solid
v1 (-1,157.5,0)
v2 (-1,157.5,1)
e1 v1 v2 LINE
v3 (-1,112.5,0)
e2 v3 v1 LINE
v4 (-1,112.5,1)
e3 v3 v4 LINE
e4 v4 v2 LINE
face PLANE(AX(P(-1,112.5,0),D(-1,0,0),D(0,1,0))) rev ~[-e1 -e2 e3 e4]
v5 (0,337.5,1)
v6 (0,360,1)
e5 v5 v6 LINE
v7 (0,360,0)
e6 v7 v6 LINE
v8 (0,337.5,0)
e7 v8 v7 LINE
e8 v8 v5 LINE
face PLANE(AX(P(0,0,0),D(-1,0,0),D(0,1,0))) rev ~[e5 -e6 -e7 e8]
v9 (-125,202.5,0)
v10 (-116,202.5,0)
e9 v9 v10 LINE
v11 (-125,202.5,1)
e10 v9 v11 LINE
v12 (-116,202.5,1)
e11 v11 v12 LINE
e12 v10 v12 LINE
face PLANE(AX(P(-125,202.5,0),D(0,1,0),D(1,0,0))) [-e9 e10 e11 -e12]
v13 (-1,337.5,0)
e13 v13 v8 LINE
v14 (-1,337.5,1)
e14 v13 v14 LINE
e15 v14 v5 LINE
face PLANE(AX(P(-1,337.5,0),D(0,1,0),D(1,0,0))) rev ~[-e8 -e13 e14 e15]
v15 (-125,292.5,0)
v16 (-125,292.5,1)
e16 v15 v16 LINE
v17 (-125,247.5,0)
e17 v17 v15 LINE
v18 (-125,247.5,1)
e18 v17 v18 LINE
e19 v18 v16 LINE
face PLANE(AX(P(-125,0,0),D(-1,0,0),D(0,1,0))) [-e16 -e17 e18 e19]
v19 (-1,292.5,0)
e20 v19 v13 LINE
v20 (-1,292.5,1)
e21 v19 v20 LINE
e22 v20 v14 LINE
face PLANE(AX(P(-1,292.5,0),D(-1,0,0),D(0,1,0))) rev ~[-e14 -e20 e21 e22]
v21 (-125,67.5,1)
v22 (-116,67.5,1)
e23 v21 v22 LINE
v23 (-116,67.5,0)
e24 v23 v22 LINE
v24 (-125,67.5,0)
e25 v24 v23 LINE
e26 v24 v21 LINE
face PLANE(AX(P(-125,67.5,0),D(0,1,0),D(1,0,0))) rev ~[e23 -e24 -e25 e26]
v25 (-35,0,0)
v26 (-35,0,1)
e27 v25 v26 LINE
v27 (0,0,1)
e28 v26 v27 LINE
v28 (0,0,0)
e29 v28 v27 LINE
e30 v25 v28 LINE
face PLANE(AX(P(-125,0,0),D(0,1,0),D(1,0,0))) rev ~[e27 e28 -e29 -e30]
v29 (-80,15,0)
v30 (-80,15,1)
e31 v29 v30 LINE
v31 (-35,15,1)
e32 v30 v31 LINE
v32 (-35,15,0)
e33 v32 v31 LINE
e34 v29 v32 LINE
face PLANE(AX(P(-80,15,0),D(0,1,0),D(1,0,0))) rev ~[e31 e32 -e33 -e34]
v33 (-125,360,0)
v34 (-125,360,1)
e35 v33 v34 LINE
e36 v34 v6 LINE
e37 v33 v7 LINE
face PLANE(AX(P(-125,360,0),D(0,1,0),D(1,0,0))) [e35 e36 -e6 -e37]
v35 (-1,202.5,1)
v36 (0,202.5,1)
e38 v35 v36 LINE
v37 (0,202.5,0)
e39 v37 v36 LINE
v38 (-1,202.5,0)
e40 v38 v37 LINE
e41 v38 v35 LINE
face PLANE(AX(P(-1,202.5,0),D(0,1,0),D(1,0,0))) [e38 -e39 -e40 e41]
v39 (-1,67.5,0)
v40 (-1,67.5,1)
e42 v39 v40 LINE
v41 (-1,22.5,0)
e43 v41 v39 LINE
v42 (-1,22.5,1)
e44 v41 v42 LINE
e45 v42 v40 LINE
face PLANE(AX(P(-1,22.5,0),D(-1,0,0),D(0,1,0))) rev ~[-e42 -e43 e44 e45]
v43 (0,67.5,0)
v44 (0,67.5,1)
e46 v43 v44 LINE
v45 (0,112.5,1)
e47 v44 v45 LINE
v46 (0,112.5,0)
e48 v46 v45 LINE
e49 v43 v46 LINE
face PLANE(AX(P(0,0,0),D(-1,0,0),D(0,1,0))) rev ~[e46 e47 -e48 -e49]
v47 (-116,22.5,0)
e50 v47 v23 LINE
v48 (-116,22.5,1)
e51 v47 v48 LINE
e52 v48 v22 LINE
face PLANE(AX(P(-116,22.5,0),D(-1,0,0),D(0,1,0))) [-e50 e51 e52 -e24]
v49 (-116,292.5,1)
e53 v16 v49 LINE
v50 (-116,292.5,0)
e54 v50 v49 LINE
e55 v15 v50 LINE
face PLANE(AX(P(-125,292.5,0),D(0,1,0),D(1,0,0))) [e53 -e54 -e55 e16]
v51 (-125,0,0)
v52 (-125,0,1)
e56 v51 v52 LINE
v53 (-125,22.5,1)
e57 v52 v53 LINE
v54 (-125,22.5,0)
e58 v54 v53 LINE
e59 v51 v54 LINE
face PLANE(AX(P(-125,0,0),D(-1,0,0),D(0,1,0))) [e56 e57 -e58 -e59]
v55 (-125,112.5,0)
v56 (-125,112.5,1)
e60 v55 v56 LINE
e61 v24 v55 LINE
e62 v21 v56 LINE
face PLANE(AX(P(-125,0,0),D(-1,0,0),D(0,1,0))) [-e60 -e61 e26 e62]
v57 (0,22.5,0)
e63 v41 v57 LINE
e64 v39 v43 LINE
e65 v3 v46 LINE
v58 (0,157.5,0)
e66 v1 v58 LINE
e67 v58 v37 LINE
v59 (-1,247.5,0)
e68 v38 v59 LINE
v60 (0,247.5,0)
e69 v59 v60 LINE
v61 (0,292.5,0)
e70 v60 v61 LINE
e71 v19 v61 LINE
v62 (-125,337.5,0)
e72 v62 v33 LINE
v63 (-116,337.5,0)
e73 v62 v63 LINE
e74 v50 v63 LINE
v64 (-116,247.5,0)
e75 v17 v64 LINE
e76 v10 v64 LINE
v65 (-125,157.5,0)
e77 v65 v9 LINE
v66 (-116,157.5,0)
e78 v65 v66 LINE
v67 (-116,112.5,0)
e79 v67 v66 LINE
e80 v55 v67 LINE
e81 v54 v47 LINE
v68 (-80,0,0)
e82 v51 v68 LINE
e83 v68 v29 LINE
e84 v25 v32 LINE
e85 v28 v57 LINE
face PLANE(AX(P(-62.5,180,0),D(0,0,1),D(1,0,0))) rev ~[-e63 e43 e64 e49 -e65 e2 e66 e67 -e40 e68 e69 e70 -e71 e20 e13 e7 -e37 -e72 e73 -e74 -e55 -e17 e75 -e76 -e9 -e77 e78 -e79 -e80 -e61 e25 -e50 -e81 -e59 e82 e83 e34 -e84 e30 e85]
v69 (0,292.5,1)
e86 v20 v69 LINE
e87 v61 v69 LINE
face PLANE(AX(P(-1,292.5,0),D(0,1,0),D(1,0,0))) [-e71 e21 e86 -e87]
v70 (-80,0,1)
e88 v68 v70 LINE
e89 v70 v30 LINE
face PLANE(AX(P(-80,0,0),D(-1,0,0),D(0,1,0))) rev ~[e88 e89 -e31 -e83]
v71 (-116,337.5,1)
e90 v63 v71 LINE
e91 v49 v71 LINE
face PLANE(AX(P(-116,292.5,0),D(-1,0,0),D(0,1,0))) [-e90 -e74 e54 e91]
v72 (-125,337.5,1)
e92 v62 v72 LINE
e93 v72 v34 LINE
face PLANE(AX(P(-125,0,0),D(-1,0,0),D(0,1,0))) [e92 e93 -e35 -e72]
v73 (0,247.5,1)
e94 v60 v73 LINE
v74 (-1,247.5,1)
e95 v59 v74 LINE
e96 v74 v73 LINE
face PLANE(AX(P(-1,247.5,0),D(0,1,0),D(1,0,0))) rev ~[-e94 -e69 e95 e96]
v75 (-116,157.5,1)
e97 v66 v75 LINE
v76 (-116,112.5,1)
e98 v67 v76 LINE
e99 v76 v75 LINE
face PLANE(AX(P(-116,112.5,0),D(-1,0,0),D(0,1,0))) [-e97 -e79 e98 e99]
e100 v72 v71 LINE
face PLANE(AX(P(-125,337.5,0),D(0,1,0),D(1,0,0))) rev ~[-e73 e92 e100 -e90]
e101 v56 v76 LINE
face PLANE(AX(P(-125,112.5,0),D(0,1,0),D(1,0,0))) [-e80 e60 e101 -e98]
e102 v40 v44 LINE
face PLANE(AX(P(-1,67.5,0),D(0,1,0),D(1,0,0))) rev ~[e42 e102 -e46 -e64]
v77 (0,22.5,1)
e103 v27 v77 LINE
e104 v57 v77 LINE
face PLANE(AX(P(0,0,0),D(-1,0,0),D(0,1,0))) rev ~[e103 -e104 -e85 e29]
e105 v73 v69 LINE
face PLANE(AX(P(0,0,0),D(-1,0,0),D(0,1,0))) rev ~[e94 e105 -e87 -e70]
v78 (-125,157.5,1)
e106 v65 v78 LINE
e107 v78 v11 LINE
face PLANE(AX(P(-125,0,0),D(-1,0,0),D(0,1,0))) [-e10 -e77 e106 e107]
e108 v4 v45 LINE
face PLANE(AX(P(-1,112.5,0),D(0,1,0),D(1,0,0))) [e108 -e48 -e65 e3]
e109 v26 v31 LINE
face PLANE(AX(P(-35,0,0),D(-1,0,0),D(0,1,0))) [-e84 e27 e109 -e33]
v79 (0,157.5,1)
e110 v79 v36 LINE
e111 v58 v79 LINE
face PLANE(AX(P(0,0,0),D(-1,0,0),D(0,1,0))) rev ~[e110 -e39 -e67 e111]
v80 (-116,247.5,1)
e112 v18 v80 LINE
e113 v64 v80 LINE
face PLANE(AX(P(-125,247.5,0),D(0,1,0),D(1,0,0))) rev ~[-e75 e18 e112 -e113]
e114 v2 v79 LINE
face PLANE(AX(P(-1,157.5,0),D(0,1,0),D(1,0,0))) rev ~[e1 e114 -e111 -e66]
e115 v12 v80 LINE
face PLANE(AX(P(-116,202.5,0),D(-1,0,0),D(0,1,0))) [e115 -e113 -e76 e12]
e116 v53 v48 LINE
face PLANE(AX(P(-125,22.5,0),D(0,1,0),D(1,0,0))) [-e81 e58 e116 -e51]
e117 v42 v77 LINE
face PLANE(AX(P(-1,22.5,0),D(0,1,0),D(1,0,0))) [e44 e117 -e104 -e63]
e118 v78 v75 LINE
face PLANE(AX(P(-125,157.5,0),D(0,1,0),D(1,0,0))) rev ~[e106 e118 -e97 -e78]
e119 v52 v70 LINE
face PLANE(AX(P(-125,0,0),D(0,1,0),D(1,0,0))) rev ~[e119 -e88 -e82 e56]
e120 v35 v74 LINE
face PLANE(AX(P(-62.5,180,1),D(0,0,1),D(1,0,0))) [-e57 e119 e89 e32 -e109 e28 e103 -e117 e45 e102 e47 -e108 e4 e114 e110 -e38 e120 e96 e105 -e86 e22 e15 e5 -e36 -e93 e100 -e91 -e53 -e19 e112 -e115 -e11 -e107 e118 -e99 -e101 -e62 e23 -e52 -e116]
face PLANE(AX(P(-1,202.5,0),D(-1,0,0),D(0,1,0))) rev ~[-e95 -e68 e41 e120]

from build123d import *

# Parameters (mm, degrees)
BOX012_W         = 9
BOX012_H         = 45
BOX012_DEPTH     = 1
ARRAY001_Y_COUNT = 4
ARRAY001_Y_PITCH = 90
BOX011_W         = 1
BOX011_H         = 45
BOX011_DEPTH     = 1
ARRAY002_Y_COUNT = 4
ARRAY002_Y_PITCH = 90
BOX009_W         = 45
BOX009_H         = 15
BOX009_DEPTH     = 1
BOX008_W         = 125
BOX008_H         = 360
BOX008_DEPTH     = 1


with BuildPart() as array001:
    # Box012 → Box012 (new body)
    with BuildSketch(Plane(origin=(-125, 0, 0), x_dir=(1, 0, 0), z_dir=(0, 0, 1))):
        with Locations((4.5, 22.5)):
            Rectangle(BOX012_W, BOX012_H)
    extrude(amount=BOX012_DEPTH)

    # Array001 Y: Array001 ×4


with BuildPart() as array001_1:
    add(array001.part)
    with Locations(*[(0, i * ARRAY001_Y_PITCH, 0) for i in range(1, ARRAY001_Y_COUNT)]):
        add(array001.part)


with BuildPart() as array001_2:
    # Array001 placement: moved
    add(array001_1.part.moved(Location((0, 22.5, 0))))


with BuildPart() as array002:
    # Box011 → Box011 (new body)
    with BuildSketch(Plane(origin=(-1, 0, 0), x_dir=(1, 0, 0), z_dir=(0, 0, 1))):
        with Locations((0.5, 22.5)):
            Rectangle(BOX011_W, BOX011_H)
    extrude(amount=BOX011_DEPTH)

    # Array002 Y: Array002 ×4


with BuildPart() as array002_1:
    add(array002.part)
    with Locations(*[(0, i * ARRAY002_Y_PITCH, 0) for i in range(1, ARRAY002_Y_COUNT)]):
        add(array002.part)


with BuildPart() as array002_2:
    # Array002 placement: moved
    add(array002_1.part.moved(Location((0, 22.5, 0))))


with BuildPart() as box009:
    # Box009 → Box009 (new body)
    with BuildSketch(Plane(origin=(-80, 0, 0), x_dir=(1, 0, 0), z_dir=(0, 0, 1))):
        with Locations((22.5, 7.5)):
            Rectangle(BOX009_W, BOX009_H)
    extrude(amount=BOX009_DEPTH)


with BuildPart() as cut002008:
    # Box008 → Box008 (new body)
    with BuildSketch(Plane(origin=(-125, 0, 0), x_dir=(1, 0, 0), z_dir=(0, 0, 1))):
        with Locations((62.5, 180)):
            Rectangle(BOX008_W, BOX008_H)
    extrude(amount=BOX008_DEPTH)

    # Cut002006: cut Box009
    add(box009.part, mode=Mode.SUBTRACT)

    # Cut002007: cut Array002
    add(array002_2.part, mode=Mode.SUBTRACT)

    # Cut002008: cut Array001
    add(array001_2.part, mode=Mode.SUBTRACT)


solid = cut002008.part
